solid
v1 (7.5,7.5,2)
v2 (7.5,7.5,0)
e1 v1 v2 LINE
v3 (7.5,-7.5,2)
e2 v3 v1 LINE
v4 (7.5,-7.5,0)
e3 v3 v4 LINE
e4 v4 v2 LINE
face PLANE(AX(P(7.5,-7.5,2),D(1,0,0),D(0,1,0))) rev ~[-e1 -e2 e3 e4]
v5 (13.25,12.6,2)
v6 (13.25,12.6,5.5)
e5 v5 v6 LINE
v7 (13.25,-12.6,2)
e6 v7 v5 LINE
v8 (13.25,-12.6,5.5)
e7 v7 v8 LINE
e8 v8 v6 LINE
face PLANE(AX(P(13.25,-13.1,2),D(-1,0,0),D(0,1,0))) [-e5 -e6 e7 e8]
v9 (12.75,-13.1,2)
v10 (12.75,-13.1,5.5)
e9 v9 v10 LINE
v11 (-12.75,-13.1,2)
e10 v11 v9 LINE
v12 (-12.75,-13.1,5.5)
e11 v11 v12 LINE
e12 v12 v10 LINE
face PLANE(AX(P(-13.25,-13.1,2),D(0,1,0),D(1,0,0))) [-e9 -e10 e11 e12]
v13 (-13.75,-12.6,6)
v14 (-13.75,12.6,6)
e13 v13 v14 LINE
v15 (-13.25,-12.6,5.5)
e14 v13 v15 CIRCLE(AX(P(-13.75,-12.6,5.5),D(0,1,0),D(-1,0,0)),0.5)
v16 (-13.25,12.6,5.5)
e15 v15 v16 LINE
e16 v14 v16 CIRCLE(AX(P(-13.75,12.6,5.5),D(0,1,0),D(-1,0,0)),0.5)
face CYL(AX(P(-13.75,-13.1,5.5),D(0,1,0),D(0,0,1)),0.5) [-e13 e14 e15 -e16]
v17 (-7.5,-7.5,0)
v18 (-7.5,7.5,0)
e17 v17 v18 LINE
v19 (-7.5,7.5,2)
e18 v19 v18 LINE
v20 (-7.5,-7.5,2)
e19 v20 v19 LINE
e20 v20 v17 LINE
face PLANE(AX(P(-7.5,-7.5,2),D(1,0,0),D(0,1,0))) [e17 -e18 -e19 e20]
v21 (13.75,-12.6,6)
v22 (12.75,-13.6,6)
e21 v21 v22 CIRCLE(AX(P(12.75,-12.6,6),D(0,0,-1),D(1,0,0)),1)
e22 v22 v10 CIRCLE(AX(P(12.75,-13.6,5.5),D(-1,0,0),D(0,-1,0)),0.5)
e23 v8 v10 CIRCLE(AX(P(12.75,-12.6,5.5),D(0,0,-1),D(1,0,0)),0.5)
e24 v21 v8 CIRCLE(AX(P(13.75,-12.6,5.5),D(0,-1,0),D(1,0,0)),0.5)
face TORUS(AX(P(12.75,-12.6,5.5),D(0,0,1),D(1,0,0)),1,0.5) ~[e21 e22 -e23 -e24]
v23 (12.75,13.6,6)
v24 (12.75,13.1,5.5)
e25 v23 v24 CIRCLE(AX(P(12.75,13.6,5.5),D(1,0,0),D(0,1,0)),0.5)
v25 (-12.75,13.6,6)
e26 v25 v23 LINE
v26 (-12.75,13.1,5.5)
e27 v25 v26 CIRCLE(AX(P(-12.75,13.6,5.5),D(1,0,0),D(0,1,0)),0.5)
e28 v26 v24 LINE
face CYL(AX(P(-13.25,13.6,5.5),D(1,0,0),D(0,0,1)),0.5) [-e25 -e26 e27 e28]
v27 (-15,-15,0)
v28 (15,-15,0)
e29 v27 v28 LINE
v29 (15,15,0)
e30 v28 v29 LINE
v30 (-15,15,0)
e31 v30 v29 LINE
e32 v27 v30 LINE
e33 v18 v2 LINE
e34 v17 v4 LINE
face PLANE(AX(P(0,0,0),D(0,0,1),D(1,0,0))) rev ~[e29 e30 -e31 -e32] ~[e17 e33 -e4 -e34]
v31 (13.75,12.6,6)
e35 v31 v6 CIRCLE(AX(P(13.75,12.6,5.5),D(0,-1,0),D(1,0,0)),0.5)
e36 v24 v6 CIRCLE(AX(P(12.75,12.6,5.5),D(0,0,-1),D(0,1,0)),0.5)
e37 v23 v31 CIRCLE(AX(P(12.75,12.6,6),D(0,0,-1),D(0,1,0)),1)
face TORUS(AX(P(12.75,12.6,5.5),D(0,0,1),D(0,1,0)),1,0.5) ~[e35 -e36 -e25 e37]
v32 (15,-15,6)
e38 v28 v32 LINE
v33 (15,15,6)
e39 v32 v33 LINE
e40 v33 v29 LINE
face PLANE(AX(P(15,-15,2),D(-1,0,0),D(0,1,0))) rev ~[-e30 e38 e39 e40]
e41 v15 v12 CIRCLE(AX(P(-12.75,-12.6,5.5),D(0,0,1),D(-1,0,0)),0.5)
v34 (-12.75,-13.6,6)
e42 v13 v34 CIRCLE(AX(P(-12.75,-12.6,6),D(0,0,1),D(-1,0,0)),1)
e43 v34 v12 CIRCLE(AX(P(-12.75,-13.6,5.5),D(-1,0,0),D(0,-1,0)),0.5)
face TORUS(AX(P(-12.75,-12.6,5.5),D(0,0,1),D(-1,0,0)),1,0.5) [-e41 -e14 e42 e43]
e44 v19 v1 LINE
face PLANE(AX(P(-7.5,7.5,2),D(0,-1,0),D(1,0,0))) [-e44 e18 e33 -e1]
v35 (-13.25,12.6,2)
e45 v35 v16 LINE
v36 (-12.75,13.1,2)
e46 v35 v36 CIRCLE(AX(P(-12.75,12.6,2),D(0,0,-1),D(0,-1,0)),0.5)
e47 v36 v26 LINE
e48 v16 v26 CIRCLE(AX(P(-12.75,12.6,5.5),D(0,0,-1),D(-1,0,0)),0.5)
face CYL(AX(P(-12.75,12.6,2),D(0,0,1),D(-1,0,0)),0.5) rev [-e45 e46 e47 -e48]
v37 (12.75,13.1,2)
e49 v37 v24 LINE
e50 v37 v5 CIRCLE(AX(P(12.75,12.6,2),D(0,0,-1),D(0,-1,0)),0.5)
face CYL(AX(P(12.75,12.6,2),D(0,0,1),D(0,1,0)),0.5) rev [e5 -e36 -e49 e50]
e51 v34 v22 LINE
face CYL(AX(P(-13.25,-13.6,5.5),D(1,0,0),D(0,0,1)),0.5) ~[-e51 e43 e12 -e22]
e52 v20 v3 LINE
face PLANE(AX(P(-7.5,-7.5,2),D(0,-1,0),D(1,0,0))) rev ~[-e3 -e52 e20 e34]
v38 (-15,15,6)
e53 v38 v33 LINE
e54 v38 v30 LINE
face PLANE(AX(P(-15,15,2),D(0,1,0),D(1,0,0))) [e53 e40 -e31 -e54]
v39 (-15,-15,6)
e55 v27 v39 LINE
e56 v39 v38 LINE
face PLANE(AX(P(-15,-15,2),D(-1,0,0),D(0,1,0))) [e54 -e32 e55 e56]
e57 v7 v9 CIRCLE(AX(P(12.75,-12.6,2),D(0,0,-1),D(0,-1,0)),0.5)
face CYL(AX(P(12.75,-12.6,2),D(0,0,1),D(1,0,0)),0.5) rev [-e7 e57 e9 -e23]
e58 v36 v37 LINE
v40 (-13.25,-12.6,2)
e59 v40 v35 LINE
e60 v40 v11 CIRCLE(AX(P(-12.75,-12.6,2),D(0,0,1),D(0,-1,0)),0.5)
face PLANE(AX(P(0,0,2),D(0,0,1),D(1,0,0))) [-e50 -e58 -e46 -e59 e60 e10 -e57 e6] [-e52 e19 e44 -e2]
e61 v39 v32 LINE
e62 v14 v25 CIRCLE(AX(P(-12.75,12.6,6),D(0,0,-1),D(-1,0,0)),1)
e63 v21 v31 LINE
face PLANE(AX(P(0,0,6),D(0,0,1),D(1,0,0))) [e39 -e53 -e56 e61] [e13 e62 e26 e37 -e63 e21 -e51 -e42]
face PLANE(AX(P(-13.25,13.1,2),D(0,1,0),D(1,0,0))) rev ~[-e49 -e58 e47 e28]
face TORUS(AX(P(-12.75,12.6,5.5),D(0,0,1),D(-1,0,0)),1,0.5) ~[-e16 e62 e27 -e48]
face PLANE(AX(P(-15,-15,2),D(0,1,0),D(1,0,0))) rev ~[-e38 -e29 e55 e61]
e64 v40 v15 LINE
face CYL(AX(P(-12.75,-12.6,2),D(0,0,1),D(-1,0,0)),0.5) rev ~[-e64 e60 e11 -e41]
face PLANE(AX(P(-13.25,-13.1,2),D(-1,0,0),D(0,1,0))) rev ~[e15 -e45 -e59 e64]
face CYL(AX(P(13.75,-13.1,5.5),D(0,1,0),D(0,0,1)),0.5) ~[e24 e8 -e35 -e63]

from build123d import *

# Parameters (mm, degrees)
F0_W     = 30
F0_H     = 30
F0_W_2   = 26
F0_H_2   = 26
F1_DEPTH = 2
F2_W     = 30
F2_H     = 30
F2_W_2   = 26.5
F2_H_2   = 26.2
F3_DEPTH = 4
F4_R     = 0.5
F5_W     = 15
F5_H     = 15
F6_DEPTH = 25


with BuildPart() as f1:
    # F0 (on Top) → F1 (new body)
    with BuildSketch(Plane.XY):
        Rectangle(F0_W, F0_H)
        Rectangle(F0_W_2, F0_H_2, mode=Mode.SUBTRACT)
        Rectangle(F0_W_2, F0_H_2)
    extrude(amount=F1_DEPTH)

    # F2 (on face) → F3 (join)
    with BuildSketch(Plane.XY.offset(2)):
        Rectangle(F2_W, F2_H)
        Rectangle(F2_W_2, F2_H_2, mode=Mode.SUBTRACT)
    extrude(amount=F3_DEPTH)

    # F4
    f4_edges = [f1.edges().sort_by_distance(p)[0] for p in [
        (-13.25, 0, 6),
        (0, 13.1, 6),
        (13.25, 0, 6),
        (0, -13.1, 6),
        (-13.25, 13.1, 4),
        (-13.25, -13.1, 4),
        (13.25, 13.1, 4),
        (13.25, -13.1, 4),
    ]]
    fillet(f4_edges, radius=F4_R)

    # F5 (on face) → F6 (cut)
    with BuildSketch(Plane.XY.offset(2)):
        Rectangle(F5_W, F5_H)
    extrude(amount=-F6_DEPTH, mode=Mode.SUBTRACT)


solid = f1.part
